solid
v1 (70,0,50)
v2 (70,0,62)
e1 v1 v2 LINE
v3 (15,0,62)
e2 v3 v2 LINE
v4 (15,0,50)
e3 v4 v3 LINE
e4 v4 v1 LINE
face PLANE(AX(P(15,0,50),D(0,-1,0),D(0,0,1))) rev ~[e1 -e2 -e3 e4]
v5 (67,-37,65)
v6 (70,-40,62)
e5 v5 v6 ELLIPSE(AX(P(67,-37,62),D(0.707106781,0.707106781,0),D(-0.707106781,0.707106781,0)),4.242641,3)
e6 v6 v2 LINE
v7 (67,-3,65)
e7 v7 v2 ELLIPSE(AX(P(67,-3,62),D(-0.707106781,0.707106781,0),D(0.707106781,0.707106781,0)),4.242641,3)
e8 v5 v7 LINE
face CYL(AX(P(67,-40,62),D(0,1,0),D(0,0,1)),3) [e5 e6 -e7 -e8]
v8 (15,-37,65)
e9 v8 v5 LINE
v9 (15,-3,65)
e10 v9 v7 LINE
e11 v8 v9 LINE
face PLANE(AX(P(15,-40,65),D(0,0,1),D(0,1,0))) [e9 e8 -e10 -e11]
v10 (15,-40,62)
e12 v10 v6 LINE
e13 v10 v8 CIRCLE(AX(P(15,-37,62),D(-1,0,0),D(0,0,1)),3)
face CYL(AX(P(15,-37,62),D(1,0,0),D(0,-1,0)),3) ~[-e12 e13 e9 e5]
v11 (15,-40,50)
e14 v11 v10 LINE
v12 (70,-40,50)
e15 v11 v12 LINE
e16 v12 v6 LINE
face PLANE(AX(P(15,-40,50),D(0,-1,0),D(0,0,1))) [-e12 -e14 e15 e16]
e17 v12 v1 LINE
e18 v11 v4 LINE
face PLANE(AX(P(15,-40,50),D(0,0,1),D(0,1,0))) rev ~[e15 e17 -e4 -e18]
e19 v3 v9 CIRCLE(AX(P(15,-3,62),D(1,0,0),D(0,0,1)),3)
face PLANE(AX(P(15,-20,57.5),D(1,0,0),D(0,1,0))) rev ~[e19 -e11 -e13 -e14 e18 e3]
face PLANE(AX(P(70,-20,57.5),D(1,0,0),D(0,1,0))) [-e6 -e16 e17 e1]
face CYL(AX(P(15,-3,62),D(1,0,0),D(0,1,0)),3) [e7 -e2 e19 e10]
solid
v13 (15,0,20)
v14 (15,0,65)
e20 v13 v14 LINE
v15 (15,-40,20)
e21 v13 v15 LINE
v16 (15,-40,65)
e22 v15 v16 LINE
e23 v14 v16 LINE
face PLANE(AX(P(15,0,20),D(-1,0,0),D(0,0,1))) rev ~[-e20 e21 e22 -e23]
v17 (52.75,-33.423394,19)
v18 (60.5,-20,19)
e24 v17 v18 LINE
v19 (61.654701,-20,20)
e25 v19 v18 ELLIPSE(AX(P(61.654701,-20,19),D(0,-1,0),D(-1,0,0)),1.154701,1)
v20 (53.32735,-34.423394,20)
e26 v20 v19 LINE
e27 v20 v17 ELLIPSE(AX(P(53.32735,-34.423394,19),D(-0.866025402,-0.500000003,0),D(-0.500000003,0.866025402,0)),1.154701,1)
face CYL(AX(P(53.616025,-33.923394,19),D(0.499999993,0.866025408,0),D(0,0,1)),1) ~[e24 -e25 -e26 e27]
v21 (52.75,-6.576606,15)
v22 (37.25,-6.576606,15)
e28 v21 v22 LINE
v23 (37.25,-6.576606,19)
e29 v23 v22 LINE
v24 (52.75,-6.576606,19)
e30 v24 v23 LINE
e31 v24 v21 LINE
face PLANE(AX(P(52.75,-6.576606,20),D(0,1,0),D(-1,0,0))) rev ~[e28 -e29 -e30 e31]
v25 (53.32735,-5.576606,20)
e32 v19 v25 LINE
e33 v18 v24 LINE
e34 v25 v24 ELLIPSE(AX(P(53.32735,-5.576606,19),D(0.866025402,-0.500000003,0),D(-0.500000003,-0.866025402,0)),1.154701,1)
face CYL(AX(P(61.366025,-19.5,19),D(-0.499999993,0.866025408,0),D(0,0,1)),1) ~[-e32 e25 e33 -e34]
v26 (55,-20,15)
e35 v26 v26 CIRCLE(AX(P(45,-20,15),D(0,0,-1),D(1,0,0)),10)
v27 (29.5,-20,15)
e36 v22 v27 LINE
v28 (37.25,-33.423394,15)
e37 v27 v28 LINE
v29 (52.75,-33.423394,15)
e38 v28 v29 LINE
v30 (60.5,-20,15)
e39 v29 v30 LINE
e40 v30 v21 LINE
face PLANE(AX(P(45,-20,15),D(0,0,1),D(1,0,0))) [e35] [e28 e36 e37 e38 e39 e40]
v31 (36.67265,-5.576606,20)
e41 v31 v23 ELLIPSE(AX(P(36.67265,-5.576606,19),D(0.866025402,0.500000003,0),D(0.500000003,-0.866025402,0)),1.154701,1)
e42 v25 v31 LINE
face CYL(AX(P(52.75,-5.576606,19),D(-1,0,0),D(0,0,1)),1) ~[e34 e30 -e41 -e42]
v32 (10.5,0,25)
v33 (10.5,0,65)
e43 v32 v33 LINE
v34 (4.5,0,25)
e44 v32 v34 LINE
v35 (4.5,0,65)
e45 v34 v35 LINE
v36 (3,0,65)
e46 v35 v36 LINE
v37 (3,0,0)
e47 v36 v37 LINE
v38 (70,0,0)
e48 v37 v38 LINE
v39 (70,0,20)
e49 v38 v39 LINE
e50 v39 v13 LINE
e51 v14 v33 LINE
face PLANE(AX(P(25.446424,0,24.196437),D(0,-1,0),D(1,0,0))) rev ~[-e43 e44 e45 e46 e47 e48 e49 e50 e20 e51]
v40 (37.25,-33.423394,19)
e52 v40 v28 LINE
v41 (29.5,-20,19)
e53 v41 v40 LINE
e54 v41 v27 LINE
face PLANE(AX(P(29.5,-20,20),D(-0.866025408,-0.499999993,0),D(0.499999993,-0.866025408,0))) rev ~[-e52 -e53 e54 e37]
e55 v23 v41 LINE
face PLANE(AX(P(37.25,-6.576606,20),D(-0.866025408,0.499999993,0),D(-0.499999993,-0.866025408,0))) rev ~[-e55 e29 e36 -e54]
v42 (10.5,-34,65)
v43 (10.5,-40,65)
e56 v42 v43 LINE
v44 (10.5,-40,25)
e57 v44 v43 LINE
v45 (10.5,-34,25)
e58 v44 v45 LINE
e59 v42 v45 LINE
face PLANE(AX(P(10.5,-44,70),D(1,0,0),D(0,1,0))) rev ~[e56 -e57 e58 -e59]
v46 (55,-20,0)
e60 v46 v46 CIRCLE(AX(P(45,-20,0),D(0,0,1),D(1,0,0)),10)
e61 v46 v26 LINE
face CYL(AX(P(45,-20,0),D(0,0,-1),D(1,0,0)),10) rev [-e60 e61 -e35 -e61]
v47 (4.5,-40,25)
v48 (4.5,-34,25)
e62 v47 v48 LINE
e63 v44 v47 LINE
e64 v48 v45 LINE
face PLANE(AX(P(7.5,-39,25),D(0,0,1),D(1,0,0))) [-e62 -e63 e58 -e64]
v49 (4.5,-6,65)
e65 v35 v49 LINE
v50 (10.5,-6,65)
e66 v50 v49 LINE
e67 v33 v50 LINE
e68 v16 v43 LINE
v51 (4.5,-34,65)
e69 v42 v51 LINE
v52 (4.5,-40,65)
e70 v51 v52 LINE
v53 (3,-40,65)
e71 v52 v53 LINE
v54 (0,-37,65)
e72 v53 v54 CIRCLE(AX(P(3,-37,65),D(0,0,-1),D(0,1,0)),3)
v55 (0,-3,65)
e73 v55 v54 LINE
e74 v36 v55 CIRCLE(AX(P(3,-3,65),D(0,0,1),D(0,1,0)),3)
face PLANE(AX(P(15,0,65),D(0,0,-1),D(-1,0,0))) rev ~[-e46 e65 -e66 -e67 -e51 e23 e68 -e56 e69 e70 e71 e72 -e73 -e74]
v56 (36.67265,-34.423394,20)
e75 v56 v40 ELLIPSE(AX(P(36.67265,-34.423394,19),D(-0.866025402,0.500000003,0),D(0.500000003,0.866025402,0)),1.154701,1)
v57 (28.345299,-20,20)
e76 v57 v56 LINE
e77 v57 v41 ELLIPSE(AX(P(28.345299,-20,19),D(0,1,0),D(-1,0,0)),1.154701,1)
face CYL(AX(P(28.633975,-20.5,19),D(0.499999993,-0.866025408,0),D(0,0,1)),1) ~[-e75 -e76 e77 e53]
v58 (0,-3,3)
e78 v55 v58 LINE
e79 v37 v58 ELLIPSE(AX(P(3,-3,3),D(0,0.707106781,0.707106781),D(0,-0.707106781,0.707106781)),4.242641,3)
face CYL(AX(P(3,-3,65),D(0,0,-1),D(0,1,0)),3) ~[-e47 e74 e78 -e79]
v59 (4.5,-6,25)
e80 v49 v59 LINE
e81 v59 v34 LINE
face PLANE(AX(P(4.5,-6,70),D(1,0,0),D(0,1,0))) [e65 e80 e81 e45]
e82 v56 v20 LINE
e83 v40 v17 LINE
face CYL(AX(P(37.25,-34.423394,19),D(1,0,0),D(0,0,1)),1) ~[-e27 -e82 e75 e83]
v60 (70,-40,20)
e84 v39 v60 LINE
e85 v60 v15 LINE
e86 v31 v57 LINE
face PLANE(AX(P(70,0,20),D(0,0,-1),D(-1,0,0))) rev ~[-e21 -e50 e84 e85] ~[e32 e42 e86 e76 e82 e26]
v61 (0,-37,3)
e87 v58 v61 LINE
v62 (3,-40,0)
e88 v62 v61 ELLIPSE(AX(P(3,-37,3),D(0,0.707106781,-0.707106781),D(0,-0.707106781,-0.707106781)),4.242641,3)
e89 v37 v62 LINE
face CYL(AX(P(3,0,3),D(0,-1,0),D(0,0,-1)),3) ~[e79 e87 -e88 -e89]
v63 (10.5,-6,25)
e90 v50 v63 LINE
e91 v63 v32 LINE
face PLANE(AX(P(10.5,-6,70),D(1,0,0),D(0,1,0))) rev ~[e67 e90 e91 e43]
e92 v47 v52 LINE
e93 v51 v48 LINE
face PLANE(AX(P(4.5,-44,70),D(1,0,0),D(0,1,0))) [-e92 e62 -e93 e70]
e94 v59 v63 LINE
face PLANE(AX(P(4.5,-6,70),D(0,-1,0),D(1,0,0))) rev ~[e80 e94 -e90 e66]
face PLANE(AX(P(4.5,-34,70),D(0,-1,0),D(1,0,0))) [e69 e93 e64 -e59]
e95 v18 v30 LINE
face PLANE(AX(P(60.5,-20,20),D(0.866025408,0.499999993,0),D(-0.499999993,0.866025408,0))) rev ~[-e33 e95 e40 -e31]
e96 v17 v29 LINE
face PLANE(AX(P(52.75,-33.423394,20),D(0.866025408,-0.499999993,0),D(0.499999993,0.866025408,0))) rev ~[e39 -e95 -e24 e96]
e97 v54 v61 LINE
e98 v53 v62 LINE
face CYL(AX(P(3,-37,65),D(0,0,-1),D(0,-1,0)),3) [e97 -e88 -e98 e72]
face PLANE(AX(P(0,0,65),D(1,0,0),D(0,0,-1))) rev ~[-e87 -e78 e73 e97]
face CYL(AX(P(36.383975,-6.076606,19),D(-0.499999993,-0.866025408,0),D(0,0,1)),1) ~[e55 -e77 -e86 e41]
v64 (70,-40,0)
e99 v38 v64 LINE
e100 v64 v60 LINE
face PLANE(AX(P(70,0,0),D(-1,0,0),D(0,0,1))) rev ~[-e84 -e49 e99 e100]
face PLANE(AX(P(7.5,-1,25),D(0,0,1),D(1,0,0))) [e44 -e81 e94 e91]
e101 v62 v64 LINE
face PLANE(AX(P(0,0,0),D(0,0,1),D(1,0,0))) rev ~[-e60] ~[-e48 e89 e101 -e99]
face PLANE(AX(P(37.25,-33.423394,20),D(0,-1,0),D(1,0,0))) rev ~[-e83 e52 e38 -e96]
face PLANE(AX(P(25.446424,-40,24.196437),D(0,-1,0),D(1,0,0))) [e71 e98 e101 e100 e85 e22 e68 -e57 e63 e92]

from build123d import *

# Parameters (mm, degrees)
PAD_DEPTH       = 40
POCKET_DEPTH    = 5
FILLET001_R     = 1
SKETCH005_R     = 10
POCKET001_DEPTH = 20
FILLET002_R     = 3
SKETCH006_W     = 6
SKETCH006_H     = 10
POCKET002_DEPTH = 45
SKETCH003_W     = 40
SKETCH003_H     = 15
PAD002_DEPTH    = 55
FILLET_R        = 3


with BuildPart() as body:
    # Sketch → Pad (new body)
    with BuildSketch(Plane.XZ):
        Polygon((0, 0), (70, 0), (70, 20), (15, 20), (15, 50), (15, 50), (15, 44.99994), (15, 65), (0, 65), align=None)
    extrude(amount=PAD_DEPTH)

    # Sketch004 → Pocket (cut)
    with BuildSketch(Plane.XY.offset(20)):
        Polygon((29.5, -20), (37.25, -33.423394), (52.75, -33.423394), (60.5, -20), (52.75, -6.576606), (37.25, -6.576606), align=None)
    extrude(amount=-POCKET_DEPTH, mode=Mode.SUBTRACT)

    # Fillet001
    fillet001_edges = [body.edges().sort_by_distance(p)[0] for p in [
        (33.375, -13.288303, 20),
        (45, -6.576606, 20),
        (56.625, -13.288303, 20),
        (56.625, -26.711697, 20),
        (45, -33.423394, 20),
        (33.375, -26.711697, 20),
    ]]
    fillet(fillet001_edges, radius=FILLET001_R)

    # Sketch005 → Pocket001 (cut)
    with BuildSketch(Plane.XY):
        with Locations((45, -20)):
            Circle(SKETCH005_R)
    extrude(amount=POCKET001_DEPTH, mode=Mode.SUBTRACT)

    # Fillet002
    fillet002_edges = [body.edges().sort_by_distance(p)[0] for p in [
        (0, -20, 0),
        (0, 0, 32.5),
        (0, -40, 32.5),
    ]]
    fillet(fillet002_edges, radius=FILLET002_R)

    # Sketch006 → Pocket002 (cut)
    with BuildSketch(Plane.XY.offset(70)):
        with Locations((7.5, -1)):
            Rectangle(SKETCH006_W, SKETCH006_H)
        with Locations((7.5, -39)):
            Rectangle(SKETCH006_W, SKETCH006_H)
    extrude(amount=-POCKET002_DEPTH, mode=Mode.SUBTRACT)


with BuildPart() as body001:
    # Sketch003 → Pad002 (new body)
    with BuildSketch(Plane.YZ.offset(15)):
        with Locations((-20, 57.5)):
            Rectangle(SKETCH003_W, SKETCH003_H)
    extrude(amount=PAD002_DEPTH)

    # Fillet
    fillet_edges = [body001.edges().sort_by_distance(p)[0] for p in [
        (70, -20, 65),
        (42.5, 0, 65),
        (42.5, -40, 65),
    ]]
    fillet(fillet_edges, radius=FILLET_R)


solid = Compound([body.part, body001.part])
